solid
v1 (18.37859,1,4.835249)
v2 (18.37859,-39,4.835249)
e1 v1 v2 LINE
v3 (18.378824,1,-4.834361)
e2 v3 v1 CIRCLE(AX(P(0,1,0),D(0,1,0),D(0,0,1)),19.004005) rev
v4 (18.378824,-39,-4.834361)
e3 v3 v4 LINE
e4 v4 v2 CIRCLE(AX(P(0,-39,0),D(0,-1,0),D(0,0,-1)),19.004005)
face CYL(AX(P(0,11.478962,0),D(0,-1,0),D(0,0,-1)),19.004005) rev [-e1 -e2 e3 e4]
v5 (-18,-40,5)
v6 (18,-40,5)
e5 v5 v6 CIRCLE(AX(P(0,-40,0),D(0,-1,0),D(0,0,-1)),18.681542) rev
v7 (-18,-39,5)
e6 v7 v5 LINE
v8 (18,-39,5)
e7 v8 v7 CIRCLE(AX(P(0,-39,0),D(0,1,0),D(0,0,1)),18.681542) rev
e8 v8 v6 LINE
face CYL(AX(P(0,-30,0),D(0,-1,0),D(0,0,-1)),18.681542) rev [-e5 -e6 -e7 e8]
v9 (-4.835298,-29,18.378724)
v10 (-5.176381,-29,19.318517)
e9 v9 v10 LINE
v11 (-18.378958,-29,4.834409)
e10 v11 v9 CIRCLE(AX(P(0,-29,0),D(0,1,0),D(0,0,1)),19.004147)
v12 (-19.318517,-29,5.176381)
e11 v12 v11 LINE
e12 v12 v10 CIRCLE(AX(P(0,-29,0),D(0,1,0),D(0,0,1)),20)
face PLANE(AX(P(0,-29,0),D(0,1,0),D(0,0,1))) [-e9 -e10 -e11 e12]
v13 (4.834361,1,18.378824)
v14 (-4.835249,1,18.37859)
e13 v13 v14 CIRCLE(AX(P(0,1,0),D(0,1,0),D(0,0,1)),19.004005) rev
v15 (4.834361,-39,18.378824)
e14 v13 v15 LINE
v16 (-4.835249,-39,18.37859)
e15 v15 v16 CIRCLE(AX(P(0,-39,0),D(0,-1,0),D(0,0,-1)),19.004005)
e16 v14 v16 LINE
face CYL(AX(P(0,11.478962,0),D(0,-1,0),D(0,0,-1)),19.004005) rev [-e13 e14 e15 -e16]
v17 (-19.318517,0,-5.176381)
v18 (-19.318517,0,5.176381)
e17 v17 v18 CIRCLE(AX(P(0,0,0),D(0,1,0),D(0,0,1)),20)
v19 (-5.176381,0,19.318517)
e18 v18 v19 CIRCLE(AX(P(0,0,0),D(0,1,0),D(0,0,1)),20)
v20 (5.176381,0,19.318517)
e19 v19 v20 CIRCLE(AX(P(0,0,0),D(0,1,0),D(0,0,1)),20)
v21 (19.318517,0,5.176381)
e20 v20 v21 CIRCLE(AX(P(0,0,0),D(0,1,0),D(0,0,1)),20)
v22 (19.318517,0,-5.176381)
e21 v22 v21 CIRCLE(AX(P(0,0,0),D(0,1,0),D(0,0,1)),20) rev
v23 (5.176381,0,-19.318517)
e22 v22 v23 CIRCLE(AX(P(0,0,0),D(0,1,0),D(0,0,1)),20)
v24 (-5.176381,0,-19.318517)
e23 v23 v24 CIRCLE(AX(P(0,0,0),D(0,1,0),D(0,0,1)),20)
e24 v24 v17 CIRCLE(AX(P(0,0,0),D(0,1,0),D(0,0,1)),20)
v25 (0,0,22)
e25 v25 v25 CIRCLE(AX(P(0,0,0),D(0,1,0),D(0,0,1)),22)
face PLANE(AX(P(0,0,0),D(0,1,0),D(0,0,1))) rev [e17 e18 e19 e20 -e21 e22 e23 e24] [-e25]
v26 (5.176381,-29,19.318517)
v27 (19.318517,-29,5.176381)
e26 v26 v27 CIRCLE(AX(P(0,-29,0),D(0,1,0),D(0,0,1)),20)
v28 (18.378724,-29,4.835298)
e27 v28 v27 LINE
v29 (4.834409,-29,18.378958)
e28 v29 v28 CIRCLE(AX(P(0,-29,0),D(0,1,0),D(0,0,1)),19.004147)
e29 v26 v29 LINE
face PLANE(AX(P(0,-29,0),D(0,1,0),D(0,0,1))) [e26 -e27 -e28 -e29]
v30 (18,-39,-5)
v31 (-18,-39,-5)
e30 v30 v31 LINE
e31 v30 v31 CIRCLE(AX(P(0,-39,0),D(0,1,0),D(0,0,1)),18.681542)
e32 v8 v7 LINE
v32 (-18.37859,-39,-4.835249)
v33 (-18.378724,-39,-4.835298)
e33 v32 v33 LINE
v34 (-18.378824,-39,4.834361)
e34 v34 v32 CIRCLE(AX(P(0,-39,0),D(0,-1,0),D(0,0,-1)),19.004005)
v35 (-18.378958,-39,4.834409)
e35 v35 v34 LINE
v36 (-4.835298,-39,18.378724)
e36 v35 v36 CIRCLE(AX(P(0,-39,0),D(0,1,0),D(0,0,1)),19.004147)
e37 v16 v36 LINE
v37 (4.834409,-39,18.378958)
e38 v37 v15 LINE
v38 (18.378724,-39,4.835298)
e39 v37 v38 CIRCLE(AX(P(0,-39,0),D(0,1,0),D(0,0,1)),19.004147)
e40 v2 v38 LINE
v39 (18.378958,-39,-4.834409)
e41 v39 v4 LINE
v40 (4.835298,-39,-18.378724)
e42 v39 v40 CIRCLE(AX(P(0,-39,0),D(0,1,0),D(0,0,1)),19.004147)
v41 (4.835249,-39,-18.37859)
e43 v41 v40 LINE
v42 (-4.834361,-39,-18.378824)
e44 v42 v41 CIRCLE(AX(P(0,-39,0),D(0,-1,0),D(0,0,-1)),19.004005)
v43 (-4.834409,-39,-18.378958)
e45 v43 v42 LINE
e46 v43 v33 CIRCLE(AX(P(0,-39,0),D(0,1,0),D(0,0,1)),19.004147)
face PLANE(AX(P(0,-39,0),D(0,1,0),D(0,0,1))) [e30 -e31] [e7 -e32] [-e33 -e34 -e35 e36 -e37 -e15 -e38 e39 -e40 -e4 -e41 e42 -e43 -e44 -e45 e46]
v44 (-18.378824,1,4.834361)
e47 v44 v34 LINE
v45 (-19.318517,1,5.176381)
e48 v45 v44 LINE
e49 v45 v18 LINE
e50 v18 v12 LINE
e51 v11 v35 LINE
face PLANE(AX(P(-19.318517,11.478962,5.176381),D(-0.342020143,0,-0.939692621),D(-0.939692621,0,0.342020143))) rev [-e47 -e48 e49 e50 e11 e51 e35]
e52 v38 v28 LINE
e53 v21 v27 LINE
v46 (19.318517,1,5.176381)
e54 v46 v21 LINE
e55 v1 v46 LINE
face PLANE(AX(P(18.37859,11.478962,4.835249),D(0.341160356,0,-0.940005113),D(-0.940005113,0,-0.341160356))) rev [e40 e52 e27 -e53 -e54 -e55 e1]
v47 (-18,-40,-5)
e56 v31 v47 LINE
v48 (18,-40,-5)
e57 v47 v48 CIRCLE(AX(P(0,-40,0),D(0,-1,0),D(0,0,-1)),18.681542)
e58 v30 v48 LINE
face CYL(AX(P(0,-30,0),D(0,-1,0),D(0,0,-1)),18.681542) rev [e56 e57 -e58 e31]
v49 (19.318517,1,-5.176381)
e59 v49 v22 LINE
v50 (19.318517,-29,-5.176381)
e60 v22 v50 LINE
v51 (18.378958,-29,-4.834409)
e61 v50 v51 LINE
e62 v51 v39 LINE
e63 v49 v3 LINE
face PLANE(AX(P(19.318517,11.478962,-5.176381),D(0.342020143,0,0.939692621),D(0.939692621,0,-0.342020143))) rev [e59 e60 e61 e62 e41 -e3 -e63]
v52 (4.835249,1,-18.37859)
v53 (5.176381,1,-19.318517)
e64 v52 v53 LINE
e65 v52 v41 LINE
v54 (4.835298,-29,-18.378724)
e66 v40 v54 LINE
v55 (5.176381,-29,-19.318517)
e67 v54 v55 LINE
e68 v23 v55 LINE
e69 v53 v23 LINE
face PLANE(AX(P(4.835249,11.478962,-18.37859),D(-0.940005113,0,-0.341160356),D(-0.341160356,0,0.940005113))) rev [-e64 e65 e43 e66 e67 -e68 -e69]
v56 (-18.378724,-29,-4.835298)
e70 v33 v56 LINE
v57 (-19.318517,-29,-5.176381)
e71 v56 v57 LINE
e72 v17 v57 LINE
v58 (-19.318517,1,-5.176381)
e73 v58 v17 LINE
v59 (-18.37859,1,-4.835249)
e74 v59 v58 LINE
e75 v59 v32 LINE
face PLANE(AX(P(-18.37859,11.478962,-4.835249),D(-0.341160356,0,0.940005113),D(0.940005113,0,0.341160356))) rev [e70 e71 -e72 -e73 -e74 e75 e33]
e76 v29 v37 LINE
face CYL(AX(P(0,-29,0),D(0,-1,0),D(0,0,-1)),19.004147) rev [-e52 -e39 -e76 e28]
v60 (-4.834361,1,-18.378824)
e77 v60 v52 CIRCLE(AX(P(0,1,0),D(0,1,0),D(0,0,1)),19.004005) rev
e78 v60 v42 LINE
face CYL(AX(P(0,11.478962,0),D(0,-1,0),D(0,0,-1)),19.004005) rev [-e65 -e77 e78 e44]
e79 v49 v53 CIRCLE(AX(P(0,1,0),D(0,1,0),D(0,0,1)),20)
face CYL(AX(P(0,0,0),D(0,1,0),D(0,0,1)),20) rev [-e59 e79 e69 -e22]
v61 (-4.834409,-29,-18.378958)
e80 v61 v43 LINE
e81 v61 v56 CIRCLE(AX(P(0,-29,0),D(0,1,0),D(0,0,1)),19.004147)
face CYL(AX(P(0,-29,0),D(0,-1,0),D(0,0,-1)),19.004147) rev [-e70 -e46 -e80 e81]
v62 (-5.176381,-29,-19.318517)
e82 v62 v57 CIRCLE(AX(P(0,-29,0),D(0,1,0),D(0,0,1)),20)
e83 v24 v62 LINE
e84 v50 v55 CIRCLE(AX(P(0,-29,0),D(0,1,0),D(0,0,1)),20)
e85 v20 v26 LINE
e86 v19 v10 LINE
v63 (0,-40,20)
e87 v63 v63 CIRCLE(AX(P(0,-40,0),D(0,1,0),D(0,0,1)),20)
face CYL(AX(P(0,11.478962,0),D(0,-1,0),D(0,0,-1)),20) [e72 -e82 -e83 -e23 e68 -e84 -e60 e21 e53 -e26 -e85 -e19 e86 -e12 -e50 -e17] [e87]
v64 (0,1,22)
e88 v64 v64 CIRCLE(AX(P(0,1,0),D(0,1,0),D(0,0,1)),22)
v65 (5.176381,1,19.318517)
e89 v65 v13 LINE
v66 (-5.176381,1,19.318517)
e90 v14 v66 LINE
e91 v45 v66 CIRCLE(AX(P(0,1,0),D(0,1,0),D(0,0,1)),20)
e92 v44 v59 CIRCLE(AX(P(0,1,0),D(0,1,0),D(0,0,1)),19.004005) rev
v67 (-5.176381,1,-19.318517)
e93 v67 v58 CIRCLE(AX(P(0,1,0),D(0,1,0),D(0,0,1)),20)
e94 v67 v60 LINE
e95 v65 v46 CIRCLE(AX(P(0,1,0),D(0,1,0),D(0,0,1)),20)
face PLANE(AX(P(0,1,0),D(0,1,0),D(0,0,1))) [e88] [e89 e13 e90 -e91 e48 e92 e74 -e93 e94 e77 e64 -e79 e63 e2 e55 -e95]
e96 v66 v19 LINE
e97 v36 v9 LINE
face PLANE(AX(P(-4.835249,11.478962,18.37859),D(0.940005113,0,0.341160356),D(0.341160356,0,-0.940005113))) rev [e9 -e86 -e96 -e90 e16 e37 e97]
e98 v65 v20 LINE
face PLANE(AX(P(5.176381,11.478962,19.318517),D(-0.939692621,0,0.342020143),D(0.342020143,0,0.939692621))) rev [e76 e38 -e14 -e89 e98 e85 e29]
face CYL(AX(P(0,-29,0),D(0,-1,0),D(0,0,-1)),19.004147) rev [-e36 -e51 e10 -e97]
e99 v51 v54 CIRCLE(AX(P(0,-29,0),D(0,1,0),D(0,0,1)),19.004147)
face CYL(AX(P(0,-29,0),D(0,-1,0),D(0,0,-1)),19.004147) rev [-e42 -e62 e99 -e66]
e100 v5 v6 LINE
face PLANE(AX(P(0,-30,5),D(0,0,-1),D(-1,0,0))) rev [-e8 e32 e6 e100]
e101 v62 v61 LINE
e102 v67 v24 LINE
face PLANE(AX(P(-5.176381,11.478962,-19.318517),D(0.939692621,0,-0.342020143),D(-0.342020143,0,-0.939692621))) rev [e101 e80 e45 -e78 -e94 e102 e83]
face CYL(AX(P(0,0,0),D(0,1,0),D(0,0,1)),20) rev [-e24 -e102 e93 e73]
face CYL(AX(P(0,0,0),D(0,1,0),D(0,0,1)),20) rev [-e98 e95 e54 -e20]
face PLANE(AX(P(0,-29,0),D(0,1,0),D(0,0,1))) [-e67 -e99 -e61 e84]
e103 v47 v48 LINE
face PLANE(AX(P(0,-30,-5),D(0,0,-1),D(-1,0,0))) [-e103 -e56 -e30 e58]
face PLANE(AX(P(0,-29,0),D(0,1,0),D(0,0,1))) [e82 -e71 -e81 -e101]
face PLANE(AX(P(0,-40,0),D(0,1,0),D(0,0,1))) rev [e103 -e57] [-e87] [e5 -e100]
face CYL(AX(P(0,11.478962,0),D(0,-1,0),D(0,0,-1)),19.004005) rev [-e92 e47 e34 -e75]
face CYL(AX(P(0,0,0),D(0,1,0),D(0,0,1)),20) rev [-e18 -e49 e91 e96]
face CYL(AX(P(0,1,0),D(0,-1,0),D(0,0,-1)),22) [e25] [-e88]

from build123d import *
from build123d.topology import SkipClean

# Parameters (mm, degrees)
SKETCH1_R           = 22
BOSS_EXTRUDE1_DEPTH = 1
SKETCH2_R           = 20
CUT_EXTRUDE1_DEPTH  = 1
SKETCH3_R           = 20
BOSS_EXTRUDE2_DEPTH = 1
BOSS_EXTRUDE3_REACH = 52.675
SKETCH5_R           = 20
SKETCH5_R_2         = 19.004147065
BOSS_EXTRUDE4_DEPTH = 10
CUT_EXTRUDE2_DEPTH  = 10


with BuildPart() as part:
    # Sketch1 → Boss-Extrude1 (new body)
    with BuildSketch(Plane(origin=(0, 0, 0), x_dir=(1, 0, 0), z_dir=(0, 1, 0))):
        with Locations(Location((0, 0, 0), (0, 0, 270))):
            Circle(SKETCH1_R)
    extrude(amount=BOSS_EXTRUDE1_DEPTH)

    # Sketch2 → Cut-Extrude1 (cut)
    with BuildSketch(Plane(origin=(0, 1, 0), x_dir=(1, 0, 0), z_dir=(0, 1, 0))):
        with Locations(Location((0, 0, 0), (0, 0, 270))):
            Circle(SKETCH2_R)
    extrude(amount=-CUT_EXTRUDE1_DEPTH, mode=Mode.SUBTRACT)

    # Boss-Extrude3: up to this face of the body (flat: up to its plane)
    boss_extrude3_end = Plane(part.part.faces().sort_by_distance((0, 1, -21.377746033))[0])
    # Sketch4 → Boss-Extrude3 (add, up to the picked face)
    with BuildSketch(Plane(origin=(0, -39, 0), x_dir=(1, 0, 0), z_dir=(0, 1, 0)), mode=Mode.PRIVATE) as boss_extrude3_sk1:
        with BuildLine():
            Line((-5.176380902, 19.318516526), (-4.834360759, 18.378823905))
            ThreePointArc((-4.834360759, 18.378823905), (-2.437308738, 18.847061792), (0, 19.004005159))
            ThreePointArc((0, 19.004005159), (2.437764249, 18.84700288), (4.835249142, 18.378590202))
            Line((4.835249142, 18.378590202), (5.176380902, 19.318516526))
            ThreePointArc((5.176380902, 19.318516526), (2.610523844, 19.828897227), (0, 20))
            ThreePointArc((0, 20), (-2.610523844, 19.828897227), (-5.176380902, 19.318516526))
        make_face()
    boss_extrude3_tool1 = split(extrude(boss_extrude3_sk1.sketch, amount=BOSS_EXTRUDE3_REACH, mode=Mode.PRIVATE), bisect_by=boss_extrude3_end, keep=Keep.BOTH, mode=Mode.PRIVATE)
    # Sketch4 → Boss-Extrude3 (add, up to the picked face)
    with BuildSketch(Plane(origin=(0, -39, 0), x_dir=(1, 0, 0), z_dir=(0, 1, 0)), mode=Mode.PRIVATE) as boss_extrude3_sk2:
        with BuildLine():
            Line((19.318516526, 5.176380902), (18.378823905, 4.834360759))
            ThreePointArc((18.378823905, 4.834360759), (18.847061792, 2.437308738), (19.004005159, 0))
            ThreePointArc((19.004005159, 0), (18.84700288, -2.437764249), (18.378590202, -4.835249142))
            Line((18.378590202, -4.835249142), (19.318516526, -5.176380902))
            ThreePointArc((19.318516526, -5.176380902), (19.828897227, -2.610523844), (20, 0))
            ThreePointArc((20, 0), (19.828897227, 2.610523844), (19.318516526, 5.176380902))
        make_face()
    boss_extrude3_tool2 = split(extrude(boss_extrude3_sk2.sketch, amount=BOSS_EXTRUDE3_REACH, mode=Mode.PRIVATE), bisect_by=boss_extrude3_end, keep=Keep.BOTH, mode=Mode.PRIVATE)
    # Sketch4 → Boss-Extrude3 (add, up to the picked face)
    with BuildSketch(Plane(origin=(0, -39, 0), x_dir=(1, 0, 0), z_dir=(0, 1, 0)), mode=Mode.PRIVATE) as boss_extrude3_sk3:
        with BuildLine():
            Line((5.176380902, -19.318516526), (4.834360759, -18.378823905))
            ThreePointArc((4.834360759, -18.378823905), (2.437308738, -18.847061792), (0, -19.004005159))
            ThreePointArc((0, -19.004005159), (-2.437764249, -18.84700288), (-4.835249142, -18.378590202))
            Line((-4.835249142, -18.378590202), (-5.176380902, -19.318516526))
            ThreePointArc((-5.176380902, -19.318516526), (-2.610523844, -19.828897227), (0, -20))
            ThreePointArc((0, -20), (2.610523844, -19.828897227), (5.176380902, -19.318516526))
        make_face()
    boss_extrude3_tool3 = split(extrude(boss_extrude3_sk3.sketch, amount=BOSS_EXTRUDE3_REACH, mode=Mode.PRIVATE), bisect_by=boss_extrude3_end, keep=Keep.BOTH, mode=Mode.PRIVATE)
    # Sketch4 → Boss-Extrude3 (add, up to the picked face)
    with BuildSketch(Plane(origin=(0, -39, 0), x_dir=(1, 0, 0), z_dir=(0, 1, 0)), mode=Mode.PRIVATE) as boss_extrude3_sk4:
        with BuildLine():
            Line((-19.318516526, -5.176380902), (-18.378823905, -4.834360759))
            ThreePointArc((-18.378823905, -4.834360759), (-18.847061792, -2.437308738), (-19.004005159, 0))
            ThreePointArc((-19.004005159, 0), (-18.84700288, 2.437764249), (-18.378590202, 4.835249142))
            Line((-18.378590202, 4.835249142), (-19.318516526, 5.176380902))
            ThreePointArc((-19.318516526, 5.176380902), (-19.828897227, 2.610523844), (-20, 0))
            ThreePointArc((-20, 0), (-19.828897227, -2.610523844), (-19.318516526, -5.176380902))
        make_face()
    boss_extrude3_tool4 = split(extrude(boss_extrude3_sk4.sketch, amount=BOSS_EXTRUDE3_REACH, mode=Mode.PRIVATE), bisect_by=boss_extrude3_end, keep=Keep.BOTH, mode=Mode.PRIVATE)


with BuildPart() as body_2:
    # Sketch3 → Boss-Extrude2 (new body)
    with BuildSketch(Plane(origin=(0, -40, 0), x_dir=(1, 0, 0), z_dir=(0, 1, 0))):
        with Locations(Location((0, 0, 0), (0, 0, 270))):
            Circle(SKETCH3_R)
    extrude(amount=BOSS_EXTRUDE2_DEPTH)


with BuildPart() as part_1:
    add(part.part)

    add(body_2.part)  # Boss-Extrude3 merges body 2
    add(boss_extrude3_tool1.solids().sort_by(Axis((0.000224, -39, -19.289315), (0, 1, 0)))[0])
    add(boss_extrude3_tool2.solids().sort_by(Axis((19.289315, -39, 0.000224), (0, 1, 0)))[0])
    add(boss_extrude3_tool3.solids().sort_by(Axis((-0.000224, -39, 19.289315), (0, 1, 0)))[0])
    add(boss_extrude3_tool4.solids().sort_by(Axis((-19.289315, -39, -0.000224), (0, 1, 0)))[0])

    # Sketch5 → Boss-Extrude4 (add)
    with SkipClean():  # the faces are left unmerged after this step: merging them gives an invalid solid
        with BuildSketch(Plane(origin=(0, -39, 0), x_dir=(1, 0, 0), z_dir=(0, 1, 0))):
            with Locations(Location((0, 0, 0), (0, 0, 105))):
                Circle(SKETCH5_R)
            Circle(SKETCH5_R_2, mode=Mode.SUBTRACT)
        extrude(amount=BOSS_EXTRUDE4_DEPTH)

    # Sketch6 → Cut-Extrude2 (cut)
    with SkipClean():  # the faces are left unmerged after this step: merging them gives an invalid solid
        with BuildSketch(Plane.XZ.offset(40)):
            with BuildLine():
                ThreePointArc((-18, 5), (0, 18.681541692), (18, 5))
                Line((18, 5), (-18, 5))
            make_face()
            with BuildLine():
                Line((-18, -5), (18, -5))
                ThreePointArc((18, -5), (0, -18.681541692), (-18, -5))
            make_face()
        extrude(amount=-CUT_EXTRUDE2_DEPTH, mode=Mode.SUBTRACT)


solid = part_1.part
